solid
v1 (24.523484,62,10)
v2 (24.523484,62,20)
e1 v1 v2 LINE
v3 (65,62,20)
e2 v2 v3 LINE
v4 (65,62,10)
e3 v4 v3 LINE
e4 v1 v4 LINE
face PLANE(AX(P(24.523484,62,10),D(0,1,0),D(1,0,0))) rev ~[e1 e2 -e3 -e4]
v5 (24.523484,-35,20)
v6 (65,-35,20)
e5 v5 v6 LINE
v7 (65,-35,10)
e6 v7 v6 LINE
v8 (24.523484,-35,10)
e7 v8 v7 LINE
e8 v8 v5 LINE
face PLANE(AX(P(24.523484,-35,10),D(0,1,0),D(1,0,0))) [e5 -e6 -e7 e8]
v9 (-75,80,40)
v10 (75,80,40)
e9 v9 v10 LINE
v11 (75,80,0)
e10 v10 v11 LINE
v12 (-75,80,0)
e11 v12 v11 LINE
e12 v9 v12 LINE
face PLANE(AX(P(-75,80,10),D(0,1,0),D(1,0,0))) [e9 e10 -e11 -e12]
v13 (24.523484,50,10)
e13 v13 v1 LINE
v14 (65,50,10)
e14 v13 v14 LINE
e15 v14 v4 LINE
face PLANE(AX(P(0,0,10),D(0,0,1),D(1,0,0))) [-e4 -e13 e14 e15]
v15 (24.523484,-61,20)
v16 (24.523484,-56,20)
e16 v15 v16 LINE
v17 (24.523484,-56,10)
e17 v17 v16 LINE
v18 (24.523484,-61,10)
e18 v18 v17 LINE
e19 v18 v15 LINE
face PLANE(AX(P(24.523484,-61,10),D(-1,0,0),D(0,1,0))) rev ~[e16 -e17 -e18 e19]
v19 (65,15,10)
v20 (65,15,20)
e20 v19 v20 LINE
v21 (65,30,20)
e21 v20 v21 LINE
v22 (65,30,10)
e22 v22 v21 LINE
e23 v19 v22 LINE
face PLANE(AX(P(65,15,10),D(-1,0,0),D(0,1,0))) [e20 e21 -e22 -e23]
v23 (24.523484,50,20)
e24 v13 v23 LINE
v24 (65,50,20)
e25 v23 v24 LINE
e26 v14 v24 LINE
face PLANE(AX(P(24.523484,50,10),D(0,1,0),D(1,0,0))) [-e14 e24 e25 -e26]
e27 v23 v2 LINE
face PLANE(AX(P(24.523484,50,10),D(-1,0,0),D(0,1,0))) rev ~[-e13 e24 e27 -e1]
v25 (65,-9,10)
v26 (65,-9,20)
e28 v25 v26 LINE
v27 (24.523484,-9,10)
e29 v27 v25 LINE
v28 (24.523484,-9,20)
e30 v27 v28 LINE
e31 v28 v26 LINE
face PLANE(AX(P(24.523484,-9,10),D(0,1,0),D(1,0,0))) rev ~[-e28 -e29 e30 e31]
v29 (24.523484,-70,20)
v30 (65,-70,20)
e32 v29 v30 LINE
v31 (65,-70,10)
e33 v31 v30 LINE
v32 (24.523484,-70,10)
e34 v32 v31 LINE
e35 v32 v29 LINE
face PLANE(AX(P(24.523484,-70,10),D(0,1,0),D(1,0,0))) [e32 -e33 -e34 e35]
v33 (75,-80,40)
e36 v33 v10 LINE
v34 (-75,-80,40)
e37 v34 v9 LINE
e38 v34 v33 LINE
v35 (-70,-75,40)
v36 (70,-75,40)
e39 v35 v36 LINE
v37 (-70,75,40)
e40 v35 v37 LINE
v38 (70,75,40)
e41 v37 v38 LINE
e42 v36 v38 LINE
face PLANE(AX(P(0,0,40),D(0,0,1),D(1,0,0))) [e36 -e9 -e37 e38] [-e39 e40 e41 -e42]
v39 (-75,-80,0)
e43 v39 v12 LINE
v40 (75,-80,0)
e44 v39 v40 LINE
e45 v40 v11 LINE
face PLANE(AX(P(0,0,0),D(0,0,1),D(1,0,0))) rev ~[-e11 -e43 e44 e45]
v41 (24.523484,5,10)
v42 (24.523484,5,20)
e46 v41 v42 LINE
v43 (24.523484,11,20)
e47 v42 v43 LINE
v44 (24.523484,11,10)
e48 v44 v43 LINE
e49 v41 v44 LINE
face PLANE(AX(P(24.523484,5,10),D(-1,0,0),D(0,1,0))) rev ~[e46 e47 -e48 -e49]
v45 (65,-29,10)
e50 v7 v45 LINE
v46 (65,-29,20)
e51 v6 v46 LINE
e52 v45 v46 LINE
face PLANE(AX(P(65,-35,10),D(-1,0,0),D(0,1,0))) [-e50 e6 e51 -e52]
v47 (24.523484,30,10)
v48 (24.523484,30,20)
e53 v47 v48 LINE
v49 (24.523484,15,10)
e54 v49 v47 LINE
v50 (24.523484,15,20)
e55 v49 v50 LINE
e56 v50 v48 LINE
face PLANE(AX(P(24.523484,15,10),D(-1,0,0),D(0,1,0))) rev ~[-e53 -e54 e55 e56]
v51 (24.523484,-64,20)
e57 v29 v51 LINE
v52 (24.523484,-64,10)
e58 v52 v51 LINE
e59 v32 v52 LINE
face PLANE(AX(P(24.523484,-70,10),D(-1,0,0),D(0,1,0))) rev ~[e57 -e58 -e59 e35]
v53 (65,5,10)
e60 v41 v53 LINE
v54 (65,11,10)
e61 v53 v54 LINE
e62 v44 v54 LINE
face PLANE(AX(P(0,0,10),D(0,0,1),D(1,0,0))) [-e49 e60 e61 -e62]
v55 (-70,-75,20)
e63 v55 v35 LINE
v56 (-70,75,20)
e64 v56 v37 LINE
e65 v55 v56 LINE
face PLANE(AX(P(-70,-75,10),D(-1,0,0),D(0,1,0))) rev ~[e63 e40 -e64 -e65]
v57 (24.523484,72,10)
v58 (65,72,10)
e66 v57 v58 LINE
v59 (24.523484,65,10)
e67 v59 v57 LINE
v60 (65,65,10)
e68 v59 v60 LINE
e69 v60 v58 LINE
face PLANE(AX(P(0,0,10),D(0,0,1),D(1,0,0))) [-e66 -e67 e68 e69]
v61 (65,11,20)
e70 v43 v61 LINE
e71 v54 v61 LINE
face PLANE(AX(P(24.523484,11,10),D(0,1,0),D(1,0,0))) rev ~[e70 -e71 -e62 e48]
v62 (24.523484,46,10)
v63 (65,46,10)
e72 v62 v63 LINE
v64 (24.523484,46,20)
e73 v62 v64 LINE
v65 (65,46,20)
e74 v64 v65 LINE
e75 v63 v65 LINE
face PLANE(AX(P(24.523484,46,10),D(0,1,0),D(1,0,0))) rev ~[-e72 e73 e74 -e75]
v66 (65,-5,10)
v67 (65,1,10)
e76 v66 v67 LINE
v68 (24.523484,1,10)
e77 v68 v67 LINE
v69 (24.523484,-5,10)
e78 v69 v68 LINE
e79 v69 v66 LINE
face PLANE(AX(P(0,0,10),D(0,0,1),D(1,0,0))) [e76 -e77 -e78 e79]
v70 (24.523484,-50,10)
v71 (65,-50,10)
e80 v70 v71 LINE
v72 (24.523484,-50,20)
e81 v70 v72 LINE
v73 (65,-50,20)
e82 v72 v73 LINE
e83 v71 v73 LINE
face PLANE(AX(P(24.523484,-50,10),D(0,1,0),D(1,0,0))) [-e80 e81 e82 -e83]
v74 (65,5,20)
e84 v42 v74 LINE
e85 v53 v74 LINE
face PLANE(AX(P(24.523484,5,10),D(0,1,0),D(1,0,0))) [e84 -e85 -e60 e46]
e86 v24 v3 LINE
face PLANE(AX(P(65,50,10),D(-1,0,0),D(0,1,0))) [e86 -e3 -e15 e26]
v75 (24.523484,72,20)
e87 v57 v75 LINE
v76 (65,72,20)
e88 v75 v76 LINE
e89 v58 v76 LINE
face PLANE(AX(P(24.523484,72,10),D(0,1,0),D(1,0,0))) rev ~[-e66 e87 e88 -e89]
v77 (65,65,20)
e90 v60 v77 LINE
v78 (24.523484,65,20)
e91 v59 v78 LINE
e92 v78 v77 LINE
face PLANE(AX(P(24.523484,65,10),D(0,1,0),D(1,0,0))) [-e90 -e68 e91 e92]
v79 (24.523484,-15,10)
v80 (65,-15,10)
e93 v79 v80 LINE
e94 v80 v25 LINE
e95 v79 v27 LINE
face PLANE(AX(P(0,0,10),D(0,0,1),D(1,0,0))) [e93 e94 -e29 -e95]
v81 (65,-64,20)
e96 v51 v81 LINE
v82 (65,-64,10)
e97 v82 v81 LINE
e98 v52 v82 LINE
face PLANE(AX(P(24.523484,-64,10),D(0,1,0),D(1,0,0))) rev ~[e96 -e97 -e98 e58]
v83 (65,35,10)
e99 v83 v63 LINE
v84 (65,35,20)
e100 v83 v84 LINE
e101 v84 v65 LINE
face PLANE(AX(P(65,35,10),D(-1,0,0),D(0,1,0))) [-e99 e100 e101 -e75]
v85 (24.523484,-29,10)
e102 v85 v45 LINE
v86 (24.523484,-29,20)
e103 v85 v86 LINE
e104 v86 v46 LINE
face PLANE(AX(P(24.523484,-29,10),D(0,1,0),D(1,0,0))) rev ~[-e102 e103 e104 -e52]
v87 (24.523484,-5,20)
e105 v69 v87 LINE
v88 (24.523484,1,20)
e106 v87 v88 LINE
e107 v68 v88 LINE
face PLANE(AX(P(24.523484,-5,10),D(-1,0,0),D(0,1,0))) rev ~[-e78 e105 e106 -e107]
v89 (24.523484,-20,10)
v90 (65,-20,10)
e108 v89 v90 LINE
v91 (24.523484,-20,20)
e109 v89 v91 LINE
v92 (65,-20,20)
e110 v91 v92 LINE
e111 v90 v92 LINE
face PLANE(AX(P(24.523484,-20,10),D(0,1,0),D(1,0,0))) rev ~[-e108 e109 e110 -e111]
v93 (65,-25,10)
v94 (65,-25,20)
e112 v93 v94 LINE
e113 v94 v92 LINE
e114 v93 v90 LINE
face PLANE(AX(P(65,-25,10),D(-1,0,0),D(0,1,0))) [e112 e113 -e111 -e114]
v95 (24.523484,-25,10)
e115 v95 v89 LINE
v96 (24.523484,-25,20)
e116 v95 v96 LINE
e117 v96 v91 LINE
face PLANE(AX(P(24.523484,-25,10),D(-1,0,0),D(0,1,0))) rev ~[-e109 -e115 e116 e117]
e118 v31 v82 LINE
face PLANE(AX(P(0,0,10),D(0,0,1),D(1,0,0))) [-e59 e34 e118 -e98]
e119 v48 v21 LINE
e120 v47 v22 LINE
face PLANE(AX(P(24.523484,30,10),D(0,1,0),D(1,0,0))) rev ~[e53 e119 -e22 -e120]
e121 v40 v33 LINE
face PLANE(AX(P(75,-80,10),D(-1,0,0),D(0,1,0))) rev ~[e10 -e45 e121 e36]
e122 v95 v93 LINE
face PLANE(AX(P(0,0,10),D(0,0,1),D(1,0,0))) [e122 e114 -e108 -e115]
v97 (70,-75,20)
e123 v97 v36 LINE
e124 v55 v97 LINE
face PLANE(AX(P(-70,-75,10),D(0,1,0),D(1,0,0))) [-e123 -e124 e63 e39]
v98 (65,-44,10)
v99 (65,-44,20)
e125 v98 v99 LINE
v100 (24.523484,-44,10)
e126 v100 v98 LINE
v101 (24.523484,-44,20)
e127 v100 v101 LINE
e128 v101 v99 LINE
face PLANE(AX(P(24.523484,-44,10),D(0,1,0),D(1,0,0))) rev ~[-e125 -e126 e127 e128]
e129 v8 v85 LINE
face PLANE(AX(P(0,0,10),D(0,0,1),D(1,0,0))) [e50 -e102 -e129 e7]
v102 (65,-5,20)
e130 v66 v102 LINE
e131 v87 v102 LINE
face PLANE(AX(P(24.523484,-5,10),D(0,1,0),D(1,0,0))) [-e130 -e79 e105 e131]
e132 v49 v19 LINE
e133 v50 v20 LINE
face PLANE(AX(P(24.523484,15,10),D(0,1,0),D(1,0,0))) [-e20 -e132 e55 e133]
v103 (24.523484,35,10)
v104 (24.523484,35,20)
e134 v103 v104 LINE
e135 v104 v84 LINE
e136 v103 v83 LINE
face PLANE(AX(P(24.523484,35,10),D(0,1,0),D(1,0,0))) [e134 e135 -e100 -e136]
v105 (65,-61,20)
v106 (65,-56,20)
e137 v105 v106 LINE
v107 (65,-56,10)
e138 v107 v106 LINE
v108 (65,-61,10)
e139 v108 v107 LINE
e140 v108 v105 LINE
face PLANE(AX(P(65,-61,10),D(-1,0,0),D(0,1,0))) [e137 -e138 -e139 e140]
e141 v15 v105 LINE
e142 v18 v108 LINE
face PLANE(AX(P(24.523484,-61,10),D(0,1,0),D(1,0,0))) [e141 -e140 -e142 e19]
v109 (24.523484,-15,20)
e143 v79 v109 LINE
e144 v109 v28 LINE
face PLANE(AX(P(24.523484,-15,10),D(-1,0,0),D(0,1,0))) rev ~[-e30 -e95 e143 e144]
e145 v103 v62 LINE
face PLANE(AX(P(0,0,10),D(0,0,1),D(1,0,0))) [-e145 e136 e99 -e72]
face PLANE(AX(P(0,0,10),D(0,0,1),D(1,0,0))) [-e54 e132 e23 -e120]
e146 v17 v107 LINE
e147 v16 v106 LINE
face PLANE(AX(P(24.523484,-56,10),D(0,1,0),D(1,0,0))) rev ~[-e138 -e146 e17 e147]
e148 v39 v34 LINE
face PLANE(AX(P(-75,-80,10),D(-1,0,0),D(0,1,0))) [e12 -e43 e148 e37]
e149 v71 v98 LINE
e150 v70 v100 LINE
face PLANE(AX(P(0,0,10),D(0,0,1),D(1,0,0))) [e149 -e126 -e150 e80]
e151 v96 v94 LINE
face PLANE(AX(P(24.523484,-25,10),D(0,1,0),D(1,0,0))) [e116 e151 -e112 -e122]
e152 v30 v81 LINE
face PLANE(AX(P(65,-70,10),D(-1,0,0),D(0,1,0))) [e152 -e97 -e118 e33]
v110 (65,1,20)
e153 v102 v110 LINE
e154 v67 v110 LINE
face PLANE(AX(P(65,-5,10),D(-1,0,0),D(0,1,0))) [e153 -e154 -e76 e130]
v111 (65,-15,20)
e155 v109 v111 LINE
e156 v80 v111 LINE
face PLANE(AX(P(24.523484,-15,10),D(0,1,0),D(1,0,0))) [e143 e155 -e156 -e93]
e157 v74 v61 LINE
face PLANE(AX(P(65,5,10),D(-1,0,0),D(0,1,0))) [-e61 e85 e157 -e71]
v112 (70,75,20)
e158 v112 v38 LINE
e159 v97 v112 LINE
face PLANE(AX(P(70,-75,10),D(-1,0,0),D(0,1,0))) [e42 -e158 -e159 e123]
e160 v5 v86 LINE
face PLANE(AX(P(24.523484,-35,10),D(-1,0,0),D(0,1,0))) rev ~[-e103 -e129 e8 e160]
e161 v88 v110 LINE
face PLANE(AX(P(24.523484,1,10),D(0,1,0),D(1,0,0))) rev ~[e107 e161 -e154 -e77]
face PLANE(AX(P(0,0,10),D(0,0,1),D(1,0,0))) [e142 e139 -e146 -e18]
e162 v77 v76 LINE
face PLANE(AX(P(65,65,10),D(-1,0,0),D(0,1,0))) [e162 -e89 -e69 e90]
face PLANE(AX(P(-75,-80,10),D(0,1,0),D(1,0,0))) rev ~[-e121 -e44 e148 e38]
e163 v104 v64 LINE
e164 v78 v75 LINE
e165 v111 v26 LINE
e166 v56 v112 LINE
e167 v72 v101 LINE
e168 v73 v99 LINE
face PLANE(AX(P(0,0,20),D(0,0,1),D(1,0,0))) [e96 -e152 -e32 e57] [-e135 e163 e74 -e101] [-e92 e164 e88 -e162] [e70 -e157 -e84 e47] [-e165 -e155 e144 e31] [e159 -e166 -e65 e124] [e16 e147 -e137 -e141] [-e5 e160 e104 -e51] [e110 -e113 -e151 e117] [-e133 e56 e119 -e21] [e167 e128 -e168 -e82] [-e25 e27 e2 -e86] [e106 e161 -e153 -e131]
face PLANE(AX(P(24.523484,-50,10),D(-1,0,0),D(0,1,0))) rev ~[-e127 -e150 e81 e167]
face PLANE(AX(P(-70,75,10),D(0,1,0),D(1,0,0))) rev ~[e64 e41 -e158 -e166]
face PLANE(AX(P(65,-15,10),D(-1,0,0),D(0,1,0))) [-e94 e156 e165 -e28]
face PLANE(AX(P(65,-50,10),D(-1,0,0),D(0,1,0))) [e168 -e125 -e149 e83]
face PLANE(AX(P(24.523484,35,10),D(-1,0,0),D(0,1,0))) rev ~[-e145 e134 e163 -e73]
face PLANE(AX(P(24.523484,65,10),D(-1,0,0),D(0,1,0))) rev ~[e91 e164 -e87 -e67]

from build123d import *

# Parameters (mm, degrees)
F0_W     = 150
F0_H     = 160
F1_DEPTH = 10
F2_W     = 150
F2_H     = 160
F2_W_2   = 140
F2_H_2   = 150
F3_DEPTH = 30
F4_W     = 140
F4_H     = 150
F4_W_2   = 40.476516
F4_H_2   = 6
F4_H_3   = 5
F4_H_4   = 15
F4_H_5   = 11
F4_H_6   = 12
F4_H_7   = 7
F5_DEPTH = 10


with BuildPart() as f1:
    # F0 (on Top) → F1 (new body)
    with BuildSketch(Plane.XY):
        Rectangle(F0_W, F0_H)
    extrude(amount=F1_DEPTH)

    # F2 (on face) → F3 (join)
    with BuildSketch(Plane.XY.offset(10)):
        Rectangle(F2_W, F2_H)
        Rectangle(F2_W_2, F2_H_2, mode=Mode.SUBTRACT)
    extrude(amount=F3_DEPTH)

    # F4 (on face) → F5 (join)
    with BuildSketch(Plane.XY.offset(10)):
        Rectangle(F4_W, F4_H)
        with Locations((44.761742, -67)):
            Rectangle(F4_W_2, F4_H_2, mode=Mode.SUBTRACT)
        with Locations((44.761742, -58.5)):
            Rectangle(F4_W_2, F4_H_3, mode=Mode.SUBTRACT)
        with Locations((44.761742, -47)):
            Rectangle(F4_W_2, F4_H_2, mode=Mode.SUBTRACT)
        with Locations((44.761742, -32)):
            Rectangle(F4_W_2, F4_H_2, mode=Mode.SUBTRACT)
        with Locations((44.761742, -22.5)):
            Rectangle(F4_W_2, F4_H_3, mode=Mode.SUBTRACT)
        with Locations((44.761742, -12)):
            Rectangle(F4_W_2, F4_H_2, mode=Mode.SUBTRACT)
        with Locations((44.761742, -2)):
            Rectangle(F4_W_2, F4_H_2, mode=Mode.SUBTRACT)
        with Locations((44.761742, 8)):
            Rectangle(F4_W_2, F4_H_2, mode=Mode.SUBTRACT)
        with Locations((44.761742, 22.5)):
            Rectangle(F4_W_2, F4_H_4, mode=Mode.SUBTRACT)
        with Locations((44.761742, 40.5)):
            Rectangle(F4_W_2, F4_H_5, mode=Mode.SUBTRACT)
        with Locations((44.761742, 56)):
            Rectangle(F4_W_2, F4_H_6, mode=Mode.SUBTRACT)
        with Locations((44.761742, 68.5)):
            Rectangle(F4_W_2, F4_H_7, mode=Mode.SUBTRACT)
    extrude(amount=F5_DEPTH)


solid = f1.part
